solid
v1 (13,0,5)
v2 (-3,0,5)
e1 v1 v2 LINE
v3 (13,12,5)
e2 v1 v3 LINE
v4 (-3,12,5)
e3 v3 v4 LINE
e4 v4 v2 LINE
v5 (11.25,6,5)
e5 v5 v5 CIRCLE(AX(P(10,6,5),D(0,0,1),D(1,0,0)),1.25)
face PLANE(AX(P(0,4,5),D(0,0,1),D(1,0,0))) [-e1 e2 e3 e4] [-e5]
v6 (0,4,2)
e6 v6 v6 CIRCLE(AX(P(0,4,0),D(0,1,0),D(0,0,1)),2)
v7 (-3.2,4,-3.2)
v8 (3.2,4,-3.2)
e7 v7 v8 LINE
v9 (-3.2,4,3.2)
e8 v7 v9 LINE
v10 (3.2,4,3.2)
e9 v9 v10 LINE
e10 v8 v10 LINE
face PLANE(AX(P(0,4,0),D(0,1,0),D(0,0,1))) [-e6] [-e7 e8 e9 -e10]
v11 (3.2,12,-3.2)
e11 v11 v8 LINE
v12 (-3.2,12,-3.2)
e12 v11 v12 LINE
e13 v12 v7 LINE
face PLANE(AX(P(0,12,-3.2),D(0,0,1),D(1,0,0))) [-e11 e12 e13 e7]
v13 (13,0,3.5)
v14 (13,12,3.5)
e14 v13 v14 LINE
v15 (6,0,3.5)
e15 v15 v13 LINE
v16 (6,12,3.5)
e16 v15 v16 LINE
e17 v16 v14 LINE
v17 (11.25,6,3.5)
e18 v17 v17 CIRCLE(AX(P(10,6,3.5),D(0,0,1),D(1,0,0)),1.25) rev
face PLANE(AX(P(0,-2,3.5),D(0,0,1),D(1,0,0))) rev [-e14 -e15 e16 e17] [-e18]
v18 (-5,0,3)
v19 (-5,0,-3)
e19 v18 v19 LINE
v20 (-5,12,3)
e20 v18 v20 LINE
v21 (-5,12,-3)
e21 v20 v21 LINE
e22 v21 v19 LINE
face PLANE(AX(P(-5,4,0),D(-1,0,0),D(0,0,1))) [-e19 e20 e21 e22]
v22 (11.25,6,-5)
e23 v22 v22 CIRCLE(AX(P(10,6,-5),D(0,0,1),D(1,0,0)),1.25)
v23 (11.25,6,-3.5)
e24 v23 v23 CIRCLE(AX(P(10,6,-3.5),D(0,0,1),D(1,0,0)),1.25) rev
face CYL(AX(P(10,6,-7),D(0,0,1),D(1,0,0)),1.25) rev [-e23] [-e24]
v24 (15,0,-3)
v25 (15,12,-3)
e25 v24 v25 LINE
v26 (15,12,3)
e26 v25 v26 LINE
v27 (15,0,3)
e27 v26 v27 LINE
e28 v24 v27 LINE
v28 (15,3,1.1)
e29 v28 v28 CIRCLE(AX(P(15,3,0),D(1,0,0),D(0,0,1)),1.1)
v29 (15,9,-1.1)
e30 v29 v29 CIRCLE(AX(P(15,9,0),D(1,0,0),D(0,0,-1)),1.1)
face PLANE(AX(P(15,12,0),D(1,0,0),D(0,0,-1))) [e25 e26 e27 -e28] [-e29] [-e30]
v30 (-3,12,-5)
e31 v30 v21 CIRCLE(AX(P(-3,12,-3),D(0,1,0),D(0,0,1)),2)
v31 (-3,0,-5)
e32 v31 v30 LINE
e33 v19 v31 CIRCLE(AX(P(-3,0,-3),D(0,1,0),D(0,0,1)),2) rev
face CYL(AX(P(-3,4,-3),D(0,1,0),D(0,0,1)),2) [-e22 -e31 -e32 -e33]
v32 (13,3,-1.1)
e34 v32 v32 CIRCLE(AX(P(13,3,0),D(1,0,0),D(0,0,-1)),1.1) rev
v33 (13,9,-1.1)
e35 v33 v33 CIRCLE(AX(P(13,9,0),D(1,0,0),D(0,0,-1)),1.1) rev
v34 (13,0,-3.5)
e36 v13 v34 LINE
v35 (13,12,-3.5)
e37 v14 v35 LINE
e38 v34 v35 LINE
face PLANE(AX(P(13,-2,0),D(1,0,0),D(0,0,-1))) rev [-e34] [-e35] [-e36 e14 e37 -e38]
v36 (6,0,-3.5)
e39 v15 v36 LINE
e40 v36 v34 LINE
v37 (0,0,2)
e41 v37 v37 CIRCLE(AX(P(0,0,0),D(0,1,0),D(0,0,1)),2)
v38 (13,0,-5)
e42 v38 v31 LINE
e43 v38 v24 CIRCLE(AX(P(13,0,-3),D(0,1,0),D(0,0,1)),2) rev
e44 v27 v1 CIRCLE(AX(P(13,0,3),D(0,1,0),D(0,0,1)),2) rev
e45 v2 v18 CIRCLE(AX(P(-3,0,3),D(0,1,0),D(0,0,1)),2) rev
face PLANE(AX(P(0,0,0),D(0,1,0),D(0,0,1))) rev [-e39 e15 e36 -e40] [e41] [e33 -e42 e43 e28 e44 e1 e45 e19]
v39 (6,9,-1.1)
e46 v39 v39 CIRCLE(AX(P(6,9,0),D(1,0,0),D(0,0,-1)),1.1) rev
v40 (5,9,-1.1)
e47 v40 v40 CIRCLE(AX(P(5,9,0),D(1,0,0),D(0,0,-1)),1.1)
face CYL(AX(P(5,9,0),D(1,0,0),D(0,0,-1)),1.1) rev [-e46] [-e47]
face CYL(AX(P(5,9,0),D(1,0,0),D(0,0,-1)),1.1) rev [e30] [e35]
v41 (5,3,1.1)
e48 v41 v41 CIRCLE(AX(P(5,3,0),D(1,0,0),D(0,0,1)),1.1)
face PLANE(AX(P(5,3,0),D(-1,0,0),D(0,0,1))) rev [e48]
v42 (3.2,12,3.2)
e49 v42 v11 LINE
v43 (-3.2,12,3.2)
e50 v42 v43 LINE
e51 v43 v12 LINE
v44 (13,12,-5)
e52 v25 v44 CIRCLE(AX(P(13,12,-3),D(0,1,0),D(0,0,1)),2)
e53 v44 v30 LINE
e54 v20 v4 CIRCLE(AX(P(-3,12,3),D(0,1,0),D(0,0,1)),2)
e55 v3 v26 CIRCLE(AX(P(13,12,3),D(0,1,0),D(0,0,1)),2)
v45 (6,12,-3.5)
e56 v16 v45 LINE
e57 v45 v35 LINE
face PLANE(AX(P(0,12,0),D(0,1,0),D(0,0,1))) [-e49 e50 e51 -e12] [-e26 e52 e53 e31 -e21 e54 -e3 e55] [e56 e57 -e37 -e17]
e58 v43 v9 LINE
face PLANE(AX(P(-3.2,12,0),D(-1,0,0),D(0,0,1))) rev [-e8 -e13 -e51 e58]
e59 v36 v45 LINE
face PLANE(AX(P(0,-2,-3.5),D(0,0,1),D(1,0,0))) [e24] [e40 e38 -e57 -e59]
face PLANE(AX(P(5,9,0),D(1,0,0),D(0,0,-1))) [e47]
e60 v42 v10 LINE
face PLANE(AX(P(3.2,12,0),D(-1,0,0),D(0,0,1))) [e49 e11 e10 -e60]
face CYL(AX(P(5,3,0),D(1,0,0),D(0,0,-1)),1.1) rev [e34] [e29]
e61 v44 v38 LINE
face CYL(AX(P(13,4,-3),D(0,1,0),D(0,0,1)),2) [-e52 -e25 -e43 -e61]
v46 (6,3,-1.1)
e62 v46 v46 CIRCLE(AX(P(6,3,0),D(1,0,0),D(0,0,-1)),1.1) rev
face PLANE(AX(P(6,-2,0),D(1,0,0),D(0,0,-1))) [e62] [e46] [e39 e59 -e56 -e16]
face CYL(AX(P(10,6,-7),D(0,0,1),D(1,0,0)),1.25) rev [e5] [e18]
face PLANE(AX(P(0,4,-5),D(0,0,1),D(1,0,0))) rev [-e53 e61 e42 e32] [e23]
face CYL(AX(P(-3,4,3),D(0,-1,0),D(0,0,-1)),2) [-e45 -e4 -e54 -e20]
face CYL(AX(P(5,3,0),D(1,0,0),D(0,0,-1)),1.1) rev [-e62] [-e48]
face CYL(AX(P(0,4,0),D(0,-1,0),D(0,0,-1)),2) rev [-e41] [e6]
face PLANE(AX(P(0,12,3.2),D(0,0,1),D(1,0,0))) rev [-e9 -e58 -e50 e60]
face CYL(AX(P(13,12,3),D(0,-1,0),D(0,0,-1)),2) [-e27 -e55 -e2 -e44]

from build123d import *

# Parameters (mm, degrees)
SKETCH2_W           = 10
SKETCH2_H           = 10
SKETCH2_R           = 2
BOSS_EXTRUDE1_DEPTH = 4
SKETCH2_3_W         = 10
SKETCH2_3_H         = 10
SKETCH2_3_W_2       = 6.4
SKETCH2_3_H_2       = 6.4
BOSS_EXTRUDE2_DEPTH = 12
SKETCH2_4_W         = 10
SKETCH2_4_H         = 10
BOSS_EXTRUDE3_DEPTH = 12
SKETCH3_R           = 1.25
CUT_EXTRUDE1_DEPTH  = 12
SKETCH4_R           = 1.1
CUT_EXTRUDE2_DEPTH  = 10
FILLET1_R           = 2
SKETCH5_W           = 7
SKETCH5_H           = 7
CUT_EXTRUDE3_DEPTH  = 14


with BuildPart() as part:
    # Sketch2 → Boss-Extrude1 (new body)
    with BuildSketch(Plane(origin=(0, 0, 0), x_dir=(1, 0, 0), z_dir=(0, 1, 0))):
        Rectangle(SKETCH2_W, SKETCH2_H)
        Circle(SKETCH2_R, mode=Mode.SUBTRACT)
    extrude(amount=BOSS_EXTRUDE1_DEPTH)

    # Sketch2<3> → Boss-Extrude2 (add)
    with BuildSketch(Plane(origin=(0, 0, 0), x_dir=(1, 0, 0), z_dir=(0, 1, 0))):
        Rectangle(SKETCH2_3_W, SKETCH2_3_H)
        Rectangle(SKETCH2_3_W_2, SKETCH2_3_H_2, mode=Mode.SUBTRACT)
    extrude(amount=BOSS_EXTRUDE2_DEPTH)

    # Sketch2<4> → Boss-Extrude3 (add)
    with BuildSketch(Plane(origin=(0, 0, 0), x_dir=(1, 0, 0), z_dir=(0, 1, 0))):
        with Locations((10, 0)):
            Rectangle(SKETCH2_4_W, SKETCH2_4_H)
    extrude(amount=BOSS_EXTRUDE3_DEPTH)

    # Sketch3 → Cut-Extrude1 (cut)
    with BuildSketch(Plane.XY.offset(5)):
        with Locations((10, 6)):
            Circle(SKETCH3_R)
    extrude(amount=-CUT_EXTRUDE1_DEPTH, mode=Mode.SUBTRACT)

    # Sketch4 → Cut-Extrude2 (cut)
    with BuildSketch(Plane(origin=(15, 0, 0), x_dir=(0, 0, -1), z_dir=(1, 0, 0))):
        with Locations((0, 9)):
            Circle(SKETCH4_R)
        with Locations((0, 3)):
            Circle(SKETCH4_R)
    extrude(amount=-CUT_EXTRUDE2_DEPTH, mode=Mode.SUBTRACT)

    # Fillet1
    fillet1_edges = [part.edges().sort_by_distance(p)[0] for p in [
        (-5, 6, 5),
        (-5, 6, -5),
        (15, 6, -5),
        (15, 6, 5),
    ]]
    fillet(fillet1_edges, radius=FILLET1_R)

    # Sketch5 → Cut-Extrude3 (cut)
    with BuildSketch(Plane(origin=(0, 12, 0), x_dir=(1, 0, 0), z_dir=(0, 1, 0))):
        with Locations((9.5, 0)):
            Rectangle(SKETCH5_W, SKETCH5_H)
    extrude(amount=-CUT_EXTRUDE3_DEPTH, mode=Mode.SUBTRACT)


solid = part.part
